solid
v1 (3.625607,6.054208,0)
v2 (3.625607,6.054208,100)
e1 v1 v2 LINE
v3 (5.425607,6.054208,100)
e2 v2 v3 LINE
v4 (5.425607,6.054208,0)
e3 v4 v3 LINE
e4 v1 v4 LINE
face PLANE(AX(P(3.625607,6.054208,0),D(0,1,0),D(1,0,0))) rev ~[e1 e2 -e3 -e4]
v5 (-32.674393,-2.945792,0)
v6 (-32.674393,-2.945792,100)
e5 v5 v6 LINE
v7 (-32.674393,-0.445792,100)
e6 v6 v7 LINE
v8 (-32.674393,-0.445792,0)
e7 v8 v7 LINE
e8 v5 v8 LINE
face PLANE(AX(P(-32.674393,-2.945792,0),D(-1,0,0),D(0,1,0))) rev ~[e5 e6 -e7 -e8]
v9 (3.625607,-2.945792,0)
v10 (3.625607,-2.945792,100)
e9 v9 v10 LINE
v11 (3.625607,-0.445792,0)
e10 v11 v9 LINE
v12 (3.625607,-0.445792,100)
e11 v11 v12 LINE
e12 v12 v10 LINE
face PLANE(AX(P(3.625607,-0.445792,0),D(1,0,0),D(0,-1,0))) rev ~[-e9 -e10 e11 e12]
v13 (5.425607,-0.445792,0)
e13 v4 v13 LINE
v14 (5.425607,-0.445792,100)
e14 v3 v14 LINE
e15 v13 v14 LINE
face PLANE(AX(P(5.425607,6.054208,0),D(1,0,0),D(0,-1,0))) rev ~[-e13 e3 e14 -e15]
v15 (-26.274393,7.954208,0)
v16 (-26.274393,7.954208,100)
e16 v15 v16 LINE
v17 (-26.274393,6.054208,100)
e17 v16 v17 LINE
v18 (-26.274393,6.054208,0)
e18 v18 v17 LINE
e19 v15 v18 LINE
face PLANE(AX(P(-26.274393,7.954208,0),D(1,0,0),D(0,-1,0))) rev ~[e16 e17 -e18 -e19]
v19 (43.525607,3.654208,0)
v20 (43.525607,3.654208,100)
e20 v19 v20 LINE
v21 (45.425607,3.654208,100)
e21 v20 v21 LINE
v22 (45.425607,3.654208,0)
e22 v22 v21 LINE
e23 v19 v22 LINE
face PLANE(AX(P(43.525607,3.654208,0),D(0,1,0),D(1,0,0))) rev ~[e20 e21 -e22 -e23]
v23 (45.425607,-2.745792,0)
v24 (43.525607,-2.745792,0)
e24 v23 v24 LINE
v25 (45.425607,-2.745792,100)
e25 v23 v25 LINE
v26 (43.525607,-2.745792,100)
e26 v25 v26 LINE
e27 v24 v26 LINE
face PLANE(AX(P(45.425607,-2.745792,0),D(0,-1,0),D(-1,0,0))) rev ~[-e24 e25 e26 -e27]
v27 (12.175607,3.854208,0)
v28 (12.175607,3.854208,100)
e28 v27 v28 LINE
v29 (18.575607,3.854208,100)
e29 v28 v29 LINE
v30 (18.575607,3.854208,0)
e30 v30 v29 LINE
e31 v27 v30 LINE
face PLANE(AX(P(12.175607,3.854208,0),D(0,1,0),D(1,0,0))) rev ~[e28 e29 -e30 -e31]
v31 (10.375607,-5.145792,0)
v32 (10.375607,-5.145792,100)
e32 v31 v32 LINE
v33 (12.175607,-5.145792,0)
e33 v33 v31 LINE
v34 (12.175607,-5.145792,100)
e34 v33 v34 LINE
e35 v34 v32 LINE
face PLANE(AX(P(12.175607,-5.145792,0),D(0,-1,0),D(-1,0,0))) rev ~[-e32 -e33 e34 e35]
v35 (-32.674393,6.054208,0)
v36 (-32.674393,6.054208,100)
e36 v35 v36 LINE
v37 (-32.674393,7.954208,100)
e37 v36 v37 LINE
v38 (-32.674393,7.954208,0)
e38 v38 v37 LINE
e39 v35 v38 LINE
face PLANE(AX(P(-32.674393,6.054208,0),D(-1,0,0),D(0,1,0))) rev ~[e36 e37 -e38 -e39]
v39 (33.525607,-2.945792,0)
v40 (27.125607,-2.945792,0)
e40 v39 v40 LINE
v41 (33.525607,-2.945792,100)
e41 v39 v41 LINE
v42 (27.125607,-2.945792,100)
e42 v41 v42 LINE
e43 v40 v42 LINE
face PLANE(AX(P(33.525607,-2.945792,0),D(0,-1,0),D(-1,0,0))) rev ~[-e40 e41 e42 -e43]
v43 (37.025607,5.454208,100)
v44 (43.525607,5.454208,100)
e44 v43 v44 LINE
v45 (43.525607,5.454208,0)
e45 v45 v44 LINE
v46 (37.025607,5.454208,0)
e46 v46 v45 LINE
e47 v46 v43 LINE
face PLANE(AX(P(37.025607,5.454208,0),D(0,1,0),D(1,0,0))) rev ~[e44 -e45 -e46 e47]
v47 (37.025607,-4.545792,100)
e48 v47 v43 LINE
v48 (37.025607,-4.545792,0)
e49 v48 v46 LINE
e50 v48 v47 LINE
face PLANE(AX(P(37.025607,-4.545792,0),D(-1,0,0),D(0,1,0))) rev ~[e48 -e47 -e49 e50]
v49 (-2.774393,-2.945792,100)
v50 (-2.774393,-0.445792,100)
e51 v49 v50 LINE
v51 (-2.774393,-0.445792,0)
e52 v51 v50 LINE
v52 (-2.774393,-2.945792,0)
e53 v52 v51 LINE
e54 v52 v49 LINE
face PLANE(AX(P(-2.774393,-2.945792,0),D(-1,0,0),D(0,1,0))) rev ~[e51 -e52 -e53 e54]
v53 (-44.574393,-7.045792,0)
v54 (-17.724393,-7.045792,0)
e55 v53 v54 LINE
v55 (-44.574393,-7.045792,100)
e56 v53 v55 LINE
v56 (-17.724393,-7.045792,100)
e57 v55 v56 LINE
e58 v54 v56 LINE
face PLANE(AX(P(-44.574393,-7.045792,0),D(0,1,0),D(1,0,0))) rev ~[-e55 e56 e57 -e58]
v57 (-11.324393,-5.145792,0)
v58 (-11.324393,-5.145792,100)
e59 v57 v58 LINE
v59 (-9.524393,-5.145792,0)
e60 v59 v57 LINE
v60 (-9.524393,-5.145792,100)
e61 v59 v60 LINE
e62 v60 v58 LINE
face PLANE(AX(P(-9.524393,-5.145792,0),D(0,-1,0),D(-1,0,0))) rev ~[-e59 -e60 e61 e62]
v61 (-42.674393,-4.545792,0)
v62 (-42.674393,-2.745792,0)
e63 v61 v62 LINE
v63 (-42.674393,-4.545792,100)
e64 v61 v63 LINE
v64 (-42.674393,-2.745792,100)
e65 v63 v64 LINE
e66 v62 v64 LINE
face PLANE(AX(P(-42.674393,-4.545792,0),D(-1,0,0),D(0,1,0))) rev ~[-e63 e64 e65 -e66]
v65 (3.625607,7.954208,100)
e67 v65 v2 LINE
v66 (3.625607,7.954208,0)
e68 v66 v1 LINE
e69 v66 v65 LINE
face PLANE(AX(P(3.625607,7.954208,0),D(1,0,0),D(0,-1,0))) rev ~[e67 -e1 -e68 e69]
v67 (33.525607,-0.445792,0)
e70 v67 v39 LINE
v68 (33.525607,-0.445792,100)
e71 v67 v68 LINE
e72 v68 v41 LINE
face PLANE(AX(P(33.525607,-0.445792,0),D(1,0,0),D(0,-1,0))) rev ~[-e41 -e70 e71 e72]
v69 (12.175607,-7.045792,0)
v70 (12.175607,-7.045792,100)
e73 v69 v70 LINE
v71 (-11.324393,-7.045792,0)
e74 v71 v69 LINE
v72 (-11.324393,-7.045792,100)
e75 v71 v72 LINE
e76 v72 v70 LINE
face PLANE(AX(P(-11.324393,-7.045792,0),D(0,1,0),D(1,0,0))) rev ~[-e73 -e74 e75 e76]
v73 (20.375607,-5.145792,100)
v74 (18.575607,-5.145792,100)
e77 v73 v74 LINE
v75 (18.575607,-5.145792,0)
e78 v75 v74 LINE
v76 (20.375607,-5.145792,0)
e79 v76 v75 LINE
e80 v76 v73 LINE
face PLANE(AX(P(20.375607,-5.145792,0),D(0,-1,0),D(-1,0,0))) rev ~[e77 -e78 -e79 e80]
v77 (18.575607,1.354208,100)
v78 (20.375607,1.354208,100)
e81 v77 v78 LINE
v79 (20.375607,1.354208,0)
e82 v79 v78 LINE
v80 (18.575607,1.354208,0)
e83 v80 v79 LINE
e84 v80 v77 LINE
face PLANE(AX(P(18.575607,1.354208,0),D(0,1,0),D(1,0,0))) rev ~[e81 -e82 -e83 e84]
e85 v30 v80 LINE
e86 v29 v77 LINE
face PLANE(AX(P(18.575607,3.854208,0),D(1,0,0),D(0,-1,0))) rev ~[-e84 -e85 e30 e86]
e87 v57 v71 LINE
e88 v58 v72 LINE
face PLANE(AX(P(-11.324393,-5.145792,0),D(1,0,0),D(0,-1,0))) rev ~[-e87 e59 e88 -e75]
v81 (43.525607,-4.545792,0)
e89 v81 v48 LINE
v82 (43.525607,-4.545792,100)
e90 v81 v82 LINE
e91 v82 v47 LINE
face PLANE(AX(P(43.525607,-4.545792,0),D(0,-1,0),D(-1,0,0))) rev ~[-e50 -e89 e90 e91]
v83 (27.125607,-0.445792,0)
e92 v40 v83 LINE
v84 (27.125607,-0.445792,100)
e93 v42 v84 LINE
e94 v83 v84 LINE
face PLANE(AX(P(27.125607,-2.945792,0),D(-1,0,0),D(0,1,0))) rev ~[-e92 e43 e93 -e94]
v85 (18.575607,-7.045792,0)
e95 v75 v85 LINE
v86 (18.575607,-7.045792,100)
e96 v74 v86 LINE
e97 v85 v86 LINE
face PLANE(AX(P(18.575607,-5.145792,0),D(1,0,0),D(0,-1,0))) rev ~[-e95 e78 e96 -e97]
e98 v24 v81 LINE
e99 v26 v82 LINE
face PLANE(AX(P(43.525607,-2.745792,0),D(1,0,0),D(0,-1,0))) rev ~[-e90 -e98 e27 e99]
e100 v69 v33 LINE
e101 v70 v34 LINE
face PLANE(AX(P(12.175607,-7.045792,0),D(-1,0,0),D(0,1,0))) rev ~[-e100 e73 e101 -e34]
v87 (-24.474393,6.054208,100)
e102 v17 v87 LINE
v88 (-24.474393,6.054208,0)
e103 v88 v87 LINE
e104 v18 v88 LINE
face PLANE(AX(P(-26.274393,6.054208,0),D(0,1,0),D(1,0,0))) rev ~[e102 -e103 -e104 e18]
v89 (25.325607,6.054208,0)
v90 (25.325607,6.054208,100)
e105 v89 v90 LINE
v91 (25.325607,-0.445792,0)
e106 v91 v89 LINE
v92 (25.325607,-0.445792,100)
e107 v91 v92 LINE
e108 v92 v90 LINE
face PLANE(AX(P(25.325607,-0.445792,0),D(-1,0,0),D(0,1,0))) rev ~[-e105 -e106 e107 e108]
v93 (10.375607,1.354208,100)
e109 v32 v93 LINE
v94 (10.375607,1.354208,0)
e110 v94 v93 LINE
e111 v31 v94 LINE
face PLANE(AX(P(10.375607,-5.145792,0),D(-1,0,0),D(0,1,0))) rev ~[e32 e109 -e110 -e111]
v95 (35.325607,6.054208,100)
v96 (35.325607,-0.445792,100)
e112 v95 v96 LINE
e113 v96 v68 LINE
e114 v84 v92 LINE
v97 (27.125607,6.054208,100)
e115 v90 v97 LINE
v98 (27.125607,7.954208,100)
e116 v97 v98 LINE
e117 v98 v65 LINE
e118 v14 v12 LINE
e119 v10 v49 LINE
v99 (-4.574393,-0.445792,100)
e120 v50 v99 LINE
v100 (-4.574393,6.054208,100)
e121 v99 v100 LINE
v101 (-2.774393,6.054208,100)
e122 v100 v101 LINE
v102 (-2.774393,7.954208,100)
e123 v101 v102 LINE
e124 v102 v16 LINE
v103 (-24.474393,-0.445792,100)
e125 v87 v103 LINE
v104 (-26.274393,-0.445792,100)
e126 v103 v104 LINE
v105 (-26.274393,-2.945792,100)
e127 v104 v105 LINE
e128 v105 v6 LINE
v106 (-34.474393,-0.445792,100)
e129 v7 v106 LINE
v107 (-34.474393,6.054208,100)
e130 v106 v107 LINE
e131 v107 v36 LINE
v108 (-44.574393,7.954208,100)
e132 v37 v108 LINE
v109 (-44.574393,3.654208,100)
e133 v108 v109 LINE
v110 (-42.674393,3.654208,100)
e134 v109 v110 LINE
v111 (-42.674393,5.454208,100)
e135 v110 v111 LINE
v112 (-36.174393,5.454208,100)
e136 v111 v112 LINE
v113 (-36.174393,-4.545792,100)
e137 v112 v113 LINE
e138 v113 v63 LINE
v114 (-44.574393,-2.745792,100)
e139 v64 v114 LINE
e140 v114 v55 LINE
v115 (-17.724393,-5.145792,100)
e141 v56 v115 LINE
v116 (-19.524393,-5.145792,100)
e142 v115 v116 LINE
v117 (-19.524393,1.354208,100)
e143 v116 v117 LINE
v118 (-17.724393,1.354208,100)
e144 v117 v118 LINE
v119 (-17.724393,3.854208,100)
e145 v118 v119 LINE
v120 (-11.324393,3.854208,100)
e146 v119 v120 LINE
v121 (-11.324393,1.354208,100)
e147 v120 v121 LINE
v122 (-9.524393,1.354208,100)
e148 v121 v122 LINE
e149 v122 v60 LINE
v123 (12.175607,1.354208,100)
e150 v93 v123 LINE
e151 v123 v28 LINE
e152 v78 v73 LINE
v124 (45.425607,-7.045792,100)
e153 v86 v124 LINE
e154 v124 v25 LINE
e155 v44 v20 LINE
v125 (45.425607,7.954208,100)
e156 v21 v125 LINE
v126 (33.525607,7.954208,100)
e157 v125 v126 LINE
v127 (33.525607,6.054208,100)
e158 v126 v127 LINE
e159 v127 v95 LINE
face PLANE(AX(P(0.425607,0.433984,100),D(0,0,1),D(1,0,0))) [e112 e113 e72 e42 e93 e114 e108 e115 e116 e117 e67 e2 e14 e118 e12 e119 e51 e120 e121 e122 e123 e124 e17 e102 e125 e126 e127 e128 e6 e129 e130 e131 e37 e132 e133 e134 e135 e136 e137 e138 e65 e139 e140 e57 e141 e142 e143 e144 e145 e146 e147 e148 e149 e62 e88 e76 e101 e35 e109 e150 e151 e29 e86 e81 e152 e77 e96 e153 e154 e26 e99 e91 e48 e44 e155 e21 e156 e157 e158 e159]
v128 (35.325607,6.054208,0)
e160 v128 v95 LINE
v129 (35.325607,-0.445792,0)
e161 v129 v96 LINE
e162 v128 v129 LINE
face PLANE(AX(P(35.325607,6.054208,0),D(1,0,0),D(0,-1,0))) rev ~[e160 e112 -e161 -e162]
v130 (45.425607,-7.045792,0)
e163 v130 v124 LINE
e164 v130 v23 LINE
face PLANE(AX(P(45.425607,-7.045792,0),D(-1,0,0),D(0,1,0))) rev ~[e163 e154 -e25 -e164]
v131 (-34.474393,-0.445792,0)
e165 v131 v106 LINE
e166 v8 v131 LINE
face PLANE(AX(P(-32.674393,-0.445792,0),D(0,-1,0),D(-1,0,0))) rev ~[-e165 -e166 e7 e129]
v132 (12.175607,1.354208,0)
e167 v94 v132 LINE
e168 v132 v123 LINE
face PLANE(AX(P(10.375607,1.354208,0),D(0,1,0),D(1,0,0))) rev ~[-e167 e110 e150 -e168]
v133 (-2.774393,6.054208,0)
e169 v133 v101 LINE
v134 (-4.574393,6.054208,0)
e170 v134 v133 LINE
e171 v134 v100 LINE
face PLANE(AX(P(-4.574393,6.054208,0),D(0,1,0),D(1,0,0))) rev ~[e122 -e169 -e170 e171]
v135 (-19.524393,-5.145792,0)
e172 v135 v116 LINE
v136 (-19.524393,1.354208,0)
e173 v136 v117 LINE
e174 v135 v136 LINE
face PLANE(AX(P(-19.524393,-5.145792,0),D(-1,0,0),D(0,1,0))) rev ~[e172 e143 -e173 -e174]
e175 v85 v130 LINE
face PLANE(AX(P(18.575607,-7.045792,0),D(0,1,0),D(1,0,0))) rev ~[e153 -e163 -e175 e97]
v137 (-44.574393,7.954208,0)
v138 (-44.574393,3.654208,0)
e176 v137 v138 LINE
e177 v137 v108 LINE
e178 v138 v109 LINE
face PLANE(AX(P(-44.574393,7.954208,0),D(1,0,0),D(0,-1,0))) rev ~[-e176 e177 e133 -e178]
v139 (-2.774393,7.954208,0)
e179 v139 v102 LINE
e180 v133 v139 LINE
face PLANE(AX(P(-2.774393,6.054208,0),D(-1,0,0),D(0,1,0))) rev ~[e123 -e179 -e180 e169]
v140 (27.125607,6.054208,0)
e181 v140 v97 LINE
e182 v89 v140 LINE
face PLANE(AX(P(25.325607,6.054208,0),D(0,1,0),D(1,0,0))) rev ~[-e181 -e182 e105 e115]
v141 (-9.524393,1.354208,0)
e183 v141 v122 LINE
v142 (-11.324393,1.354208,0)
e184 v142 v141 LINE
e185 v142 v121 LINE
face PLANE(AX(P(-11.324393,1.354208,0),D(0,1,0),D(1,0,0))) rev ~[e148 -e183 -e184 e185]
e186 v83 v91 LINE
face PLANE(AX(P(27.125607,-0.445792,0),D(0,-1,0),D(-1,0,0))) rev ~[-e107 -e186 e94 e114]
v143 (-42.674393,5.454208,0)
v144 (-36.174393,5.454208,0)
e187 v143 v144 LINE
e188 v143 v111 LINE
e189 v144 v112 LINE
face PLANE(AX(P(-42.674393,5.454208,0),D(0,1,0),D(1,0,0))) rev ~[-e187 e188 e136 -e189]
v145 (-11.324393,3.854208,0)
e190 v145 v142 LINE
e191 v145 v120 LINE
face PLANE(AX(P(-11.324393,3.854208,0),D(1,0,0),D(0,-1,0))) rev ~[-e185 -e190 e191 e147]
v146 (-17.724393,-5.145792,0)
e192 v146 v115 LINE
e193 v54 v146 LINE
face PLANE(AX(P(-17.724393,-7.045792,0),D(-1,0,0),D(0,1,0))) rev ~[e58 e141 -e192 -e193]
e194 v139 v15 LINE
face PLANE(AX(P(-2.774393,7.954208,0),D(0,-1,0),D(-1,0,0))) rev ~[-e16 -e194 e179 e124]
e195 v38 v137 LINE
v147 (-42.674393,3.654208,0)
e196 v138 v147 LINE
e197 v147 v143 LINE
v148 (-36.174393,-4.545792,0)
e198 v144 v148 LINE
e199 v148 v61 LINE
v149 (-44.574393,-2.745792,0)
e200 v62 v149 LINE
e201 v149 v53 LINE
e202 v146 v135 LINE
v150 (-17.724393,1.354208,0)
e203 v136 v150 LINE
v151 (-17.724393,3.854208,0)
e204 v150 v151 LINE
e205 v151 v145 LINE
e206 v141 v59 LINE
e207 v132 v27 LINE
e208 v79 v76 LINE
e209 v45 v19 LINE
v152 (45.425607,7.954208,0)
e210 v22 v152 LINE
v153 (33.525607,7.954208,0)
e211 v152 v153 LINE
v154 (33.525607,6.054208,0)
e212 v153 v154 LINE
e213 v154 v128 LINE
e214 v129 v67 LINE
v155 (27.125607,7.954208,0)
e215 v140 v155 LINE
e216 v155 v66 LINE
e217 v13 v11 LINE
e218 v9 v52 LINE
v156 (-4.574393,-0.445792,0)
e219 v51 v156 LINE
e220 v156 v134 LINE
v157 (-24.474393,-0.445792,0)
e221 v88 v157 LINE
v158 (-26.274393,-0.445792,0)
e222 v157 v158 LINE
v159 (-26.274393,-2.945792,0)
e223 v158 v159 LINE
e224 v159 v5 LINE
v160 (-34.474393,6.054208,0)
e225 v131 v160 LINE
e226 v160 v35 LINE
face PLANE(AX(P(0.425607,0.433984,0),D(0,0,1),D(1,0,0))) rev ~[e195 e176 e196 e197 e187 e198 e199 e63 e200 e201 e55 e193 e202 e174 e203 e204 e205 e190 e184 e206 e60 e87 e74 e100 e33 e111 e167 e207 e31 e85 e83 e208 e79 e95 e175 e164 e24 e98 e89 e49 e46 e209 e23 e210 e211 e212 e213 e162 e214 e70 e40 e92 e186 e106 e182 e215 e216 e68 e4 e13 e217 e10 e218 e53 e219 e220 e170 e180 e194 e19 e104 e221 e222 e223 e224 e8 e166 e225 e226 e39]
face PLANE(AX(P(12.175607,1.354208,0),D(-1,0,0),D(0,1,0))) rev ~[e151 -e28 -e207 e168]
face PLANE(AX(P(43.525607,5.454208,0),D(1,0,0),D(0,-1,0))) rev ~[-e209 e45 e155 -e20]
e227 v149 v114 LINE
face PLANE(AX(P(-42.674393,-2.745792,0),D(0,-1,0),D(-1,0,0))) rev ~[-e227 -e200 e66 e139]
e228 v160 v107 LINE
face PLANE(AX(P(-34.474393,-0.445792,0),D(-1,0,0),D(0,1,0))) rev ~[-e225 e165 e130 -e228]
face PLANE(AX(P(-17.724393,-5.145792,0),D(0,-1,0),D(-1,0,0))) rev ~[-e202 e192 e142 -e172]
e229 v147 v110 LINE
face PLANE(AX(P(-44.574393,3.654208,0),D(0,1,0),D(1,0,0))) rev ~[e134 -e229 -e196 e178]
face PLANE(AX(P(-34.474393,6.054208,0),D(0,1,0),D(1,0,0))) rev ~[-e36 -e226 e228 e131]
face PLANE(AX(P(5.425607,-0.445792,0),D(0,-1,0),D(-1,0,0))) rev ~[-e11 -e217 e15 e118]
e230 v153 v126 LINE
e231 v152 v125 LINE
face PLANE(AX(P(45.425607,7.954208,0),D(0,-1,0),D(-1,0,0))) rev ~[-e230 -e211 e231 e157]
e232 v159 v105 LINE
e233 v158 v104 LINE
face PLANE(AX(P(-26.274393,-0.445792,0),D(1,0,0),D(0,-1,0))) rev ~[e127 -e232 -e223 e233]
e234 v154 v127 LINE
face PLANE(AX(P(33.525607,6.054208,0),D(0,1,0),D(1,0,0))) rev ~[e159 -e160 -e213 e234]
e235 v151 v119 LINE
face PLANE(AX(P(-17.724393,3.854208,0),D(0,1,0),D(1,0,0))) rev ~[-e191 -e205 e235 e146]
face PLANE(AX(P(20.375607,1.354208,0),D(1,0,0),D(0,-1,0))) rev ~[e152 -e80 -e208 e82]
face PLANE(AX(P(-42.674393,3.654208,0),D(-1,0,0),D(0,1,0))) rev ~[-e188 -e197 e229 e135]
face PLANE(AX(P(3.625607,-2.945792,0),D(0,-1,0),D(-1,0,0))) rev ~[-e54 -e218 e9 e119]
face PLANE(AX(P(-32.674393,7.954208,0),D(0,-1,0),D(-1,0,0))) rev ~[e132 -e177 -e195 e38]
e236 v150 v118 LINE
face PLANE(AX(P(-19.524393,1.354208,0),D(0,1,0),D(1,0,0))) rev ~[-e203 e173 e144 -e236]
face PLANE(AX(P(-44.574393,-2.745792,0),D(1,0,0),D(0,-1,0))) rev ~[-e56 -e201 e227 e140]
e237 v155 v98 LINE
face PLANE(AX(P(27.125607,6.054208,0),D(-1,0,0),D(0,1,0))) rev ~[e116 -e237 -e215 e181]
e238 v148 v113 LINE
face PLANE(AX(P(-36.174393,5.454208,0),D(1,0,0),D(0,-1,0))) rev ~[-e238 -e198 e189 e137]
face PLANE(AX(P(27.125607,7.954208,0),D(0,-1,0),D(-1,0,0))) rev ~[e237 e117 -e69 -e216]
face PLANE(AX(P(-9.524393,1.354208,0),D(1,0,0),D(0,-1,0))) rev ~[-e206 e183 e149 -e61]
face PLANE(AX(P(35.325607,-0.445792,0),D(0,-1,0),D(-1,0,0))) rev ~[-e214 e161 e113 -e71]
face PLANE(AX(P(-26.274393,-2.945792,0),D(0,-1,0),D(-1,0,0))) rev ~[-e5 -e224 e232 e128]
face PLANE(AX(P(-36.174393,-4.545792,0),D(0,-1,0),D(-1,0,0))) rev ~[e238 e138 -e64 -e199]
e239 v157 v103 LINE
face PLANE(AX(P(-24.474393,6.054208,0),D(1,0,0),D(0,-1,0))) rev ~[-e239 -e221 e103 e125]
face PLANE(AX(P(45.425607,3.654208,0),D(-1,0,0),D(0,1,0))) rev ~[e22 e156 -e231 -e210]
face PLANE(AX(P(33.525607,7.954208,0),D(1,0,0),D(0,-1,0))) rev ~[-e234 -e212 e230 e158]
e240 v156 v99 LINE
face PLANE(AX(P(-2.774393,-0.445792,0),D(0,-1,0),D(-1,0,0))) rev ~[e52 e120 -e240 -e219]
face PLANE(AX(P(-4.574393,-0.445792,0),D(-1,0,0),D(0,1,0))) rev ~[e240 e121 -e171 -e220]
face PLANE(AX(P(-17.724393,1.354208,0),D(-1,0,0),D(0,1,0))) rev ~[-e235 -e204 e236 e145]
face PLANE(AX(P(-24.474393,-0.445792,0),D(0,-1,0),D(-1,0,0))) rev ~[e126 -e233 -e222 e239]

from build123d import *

# Parameters (mm, degrees)
EXTRUDE_1_DEPTH = 100


with BuildPart() as part:
    # 草图1 → 凸台-拉伸1 (new body)
    with BuildSketch(Plane.XY):
        Polygon((-44.574392903, -2.745792426), (-44.574392903, -7.045792426), (-17.724392903, -7.045792426), (-17.724392903, -5.145792426), (-19.524392903, -5.145792426), (-19.524392903, 1.354207574), (-17.724392903, 1.354207574), (-17.724392903, 3.854207574), (-11.324392903, 3.854207574), (-11.324392903, 1.354207574), (-9.524392903, 1.354207574), (-9.524392903, -5.145792426), (-11.324392903, -5.145792426), (-11.324392903, -7.045792426), (12.175607097, -7.045792426), (12.175607097, -5.145792426), (10.375607097, -5.145792426), (10.375607097, 1.354207574), (12.175607097, 1.354207574), (12.175607097, 3.854207574), (18.575607097, 3.854207574), (18.575607097, 1.354207574), (20.375607097, 1.354207574), (20.375607097, -5.145792426), (18.575607097, -5.145792426), (18.575607097, -7.045792426), (45.425607097, -7.045792426), (45.425607097, -2.745792426), (43.525607097, -2.745792426), (43.525607097, -4.545792426), (37.025607097, -4.545792426), (37.025607097, 5.454207574), (43.525607097, 5.454207574), (43.525607097, 3.654207574), (45.425607097, 3.654207574), (45.425607097, 7.954207574), (33.525607097, 7.954207574), (33.525607097, 6.054207574), (35.325607097, 6.054207574), (35.325607097, -0.445792426), (33.525607097, -0.445792426), (33.525607097, -2.945792426), (27.125607097, -2.945792426), (27.125607097, -0.445792426), (25.325607097, -0.445792426), (25.325607097, 6.054207574), (27.125607097, 6.054207574), (27.125607097, 7.954207574), (3.625607097, 7.954207574), (3.625607097, 6.054207574), (5.425607097, 6.054207574), (5.425607097, -0.445792426), (3.625607097, -0.445792426), (3.625607097, -2.945792426), (-2.774392903, -2.945792426), (-2.774392903, -0.445792426), (-4.574392903, -0.445792426), (-4.574392903, 6.054207574), (-2.774392903, 6.054207574), (-2.774392903, 7.954207574), (-26.274392903, 7.954207574), (-26.274392903, 6.054207574), (-24.474392903, 6.054207574), (-24.474392903, -0.445792426), (-26.274392903, -0.445792426), (-26.274392903, -2.945792426), (-32.674392903, -2.945792426), (-32.674392903, -0.445792426), (-34.474392903, -0.445792426), (-34.474392903, 6.054207574), (-32.674392903, 6.054207574), (-32.674392903, 7.954207574), (-44.574392903, 7.954207574), (-44.574392903, 3.654207574), (-42.674392903, 3.654207574), (-42.674392903, 5.454207574), (-36.174392903, 5.454207574), (-36.174392903, -4.545792426), (-42.674392903, -4.545792426), (-42.674392903, -2.745792426), align=None)
    extrude(amount=EXTRUDE_1_DEPTH)


solid = part.part
